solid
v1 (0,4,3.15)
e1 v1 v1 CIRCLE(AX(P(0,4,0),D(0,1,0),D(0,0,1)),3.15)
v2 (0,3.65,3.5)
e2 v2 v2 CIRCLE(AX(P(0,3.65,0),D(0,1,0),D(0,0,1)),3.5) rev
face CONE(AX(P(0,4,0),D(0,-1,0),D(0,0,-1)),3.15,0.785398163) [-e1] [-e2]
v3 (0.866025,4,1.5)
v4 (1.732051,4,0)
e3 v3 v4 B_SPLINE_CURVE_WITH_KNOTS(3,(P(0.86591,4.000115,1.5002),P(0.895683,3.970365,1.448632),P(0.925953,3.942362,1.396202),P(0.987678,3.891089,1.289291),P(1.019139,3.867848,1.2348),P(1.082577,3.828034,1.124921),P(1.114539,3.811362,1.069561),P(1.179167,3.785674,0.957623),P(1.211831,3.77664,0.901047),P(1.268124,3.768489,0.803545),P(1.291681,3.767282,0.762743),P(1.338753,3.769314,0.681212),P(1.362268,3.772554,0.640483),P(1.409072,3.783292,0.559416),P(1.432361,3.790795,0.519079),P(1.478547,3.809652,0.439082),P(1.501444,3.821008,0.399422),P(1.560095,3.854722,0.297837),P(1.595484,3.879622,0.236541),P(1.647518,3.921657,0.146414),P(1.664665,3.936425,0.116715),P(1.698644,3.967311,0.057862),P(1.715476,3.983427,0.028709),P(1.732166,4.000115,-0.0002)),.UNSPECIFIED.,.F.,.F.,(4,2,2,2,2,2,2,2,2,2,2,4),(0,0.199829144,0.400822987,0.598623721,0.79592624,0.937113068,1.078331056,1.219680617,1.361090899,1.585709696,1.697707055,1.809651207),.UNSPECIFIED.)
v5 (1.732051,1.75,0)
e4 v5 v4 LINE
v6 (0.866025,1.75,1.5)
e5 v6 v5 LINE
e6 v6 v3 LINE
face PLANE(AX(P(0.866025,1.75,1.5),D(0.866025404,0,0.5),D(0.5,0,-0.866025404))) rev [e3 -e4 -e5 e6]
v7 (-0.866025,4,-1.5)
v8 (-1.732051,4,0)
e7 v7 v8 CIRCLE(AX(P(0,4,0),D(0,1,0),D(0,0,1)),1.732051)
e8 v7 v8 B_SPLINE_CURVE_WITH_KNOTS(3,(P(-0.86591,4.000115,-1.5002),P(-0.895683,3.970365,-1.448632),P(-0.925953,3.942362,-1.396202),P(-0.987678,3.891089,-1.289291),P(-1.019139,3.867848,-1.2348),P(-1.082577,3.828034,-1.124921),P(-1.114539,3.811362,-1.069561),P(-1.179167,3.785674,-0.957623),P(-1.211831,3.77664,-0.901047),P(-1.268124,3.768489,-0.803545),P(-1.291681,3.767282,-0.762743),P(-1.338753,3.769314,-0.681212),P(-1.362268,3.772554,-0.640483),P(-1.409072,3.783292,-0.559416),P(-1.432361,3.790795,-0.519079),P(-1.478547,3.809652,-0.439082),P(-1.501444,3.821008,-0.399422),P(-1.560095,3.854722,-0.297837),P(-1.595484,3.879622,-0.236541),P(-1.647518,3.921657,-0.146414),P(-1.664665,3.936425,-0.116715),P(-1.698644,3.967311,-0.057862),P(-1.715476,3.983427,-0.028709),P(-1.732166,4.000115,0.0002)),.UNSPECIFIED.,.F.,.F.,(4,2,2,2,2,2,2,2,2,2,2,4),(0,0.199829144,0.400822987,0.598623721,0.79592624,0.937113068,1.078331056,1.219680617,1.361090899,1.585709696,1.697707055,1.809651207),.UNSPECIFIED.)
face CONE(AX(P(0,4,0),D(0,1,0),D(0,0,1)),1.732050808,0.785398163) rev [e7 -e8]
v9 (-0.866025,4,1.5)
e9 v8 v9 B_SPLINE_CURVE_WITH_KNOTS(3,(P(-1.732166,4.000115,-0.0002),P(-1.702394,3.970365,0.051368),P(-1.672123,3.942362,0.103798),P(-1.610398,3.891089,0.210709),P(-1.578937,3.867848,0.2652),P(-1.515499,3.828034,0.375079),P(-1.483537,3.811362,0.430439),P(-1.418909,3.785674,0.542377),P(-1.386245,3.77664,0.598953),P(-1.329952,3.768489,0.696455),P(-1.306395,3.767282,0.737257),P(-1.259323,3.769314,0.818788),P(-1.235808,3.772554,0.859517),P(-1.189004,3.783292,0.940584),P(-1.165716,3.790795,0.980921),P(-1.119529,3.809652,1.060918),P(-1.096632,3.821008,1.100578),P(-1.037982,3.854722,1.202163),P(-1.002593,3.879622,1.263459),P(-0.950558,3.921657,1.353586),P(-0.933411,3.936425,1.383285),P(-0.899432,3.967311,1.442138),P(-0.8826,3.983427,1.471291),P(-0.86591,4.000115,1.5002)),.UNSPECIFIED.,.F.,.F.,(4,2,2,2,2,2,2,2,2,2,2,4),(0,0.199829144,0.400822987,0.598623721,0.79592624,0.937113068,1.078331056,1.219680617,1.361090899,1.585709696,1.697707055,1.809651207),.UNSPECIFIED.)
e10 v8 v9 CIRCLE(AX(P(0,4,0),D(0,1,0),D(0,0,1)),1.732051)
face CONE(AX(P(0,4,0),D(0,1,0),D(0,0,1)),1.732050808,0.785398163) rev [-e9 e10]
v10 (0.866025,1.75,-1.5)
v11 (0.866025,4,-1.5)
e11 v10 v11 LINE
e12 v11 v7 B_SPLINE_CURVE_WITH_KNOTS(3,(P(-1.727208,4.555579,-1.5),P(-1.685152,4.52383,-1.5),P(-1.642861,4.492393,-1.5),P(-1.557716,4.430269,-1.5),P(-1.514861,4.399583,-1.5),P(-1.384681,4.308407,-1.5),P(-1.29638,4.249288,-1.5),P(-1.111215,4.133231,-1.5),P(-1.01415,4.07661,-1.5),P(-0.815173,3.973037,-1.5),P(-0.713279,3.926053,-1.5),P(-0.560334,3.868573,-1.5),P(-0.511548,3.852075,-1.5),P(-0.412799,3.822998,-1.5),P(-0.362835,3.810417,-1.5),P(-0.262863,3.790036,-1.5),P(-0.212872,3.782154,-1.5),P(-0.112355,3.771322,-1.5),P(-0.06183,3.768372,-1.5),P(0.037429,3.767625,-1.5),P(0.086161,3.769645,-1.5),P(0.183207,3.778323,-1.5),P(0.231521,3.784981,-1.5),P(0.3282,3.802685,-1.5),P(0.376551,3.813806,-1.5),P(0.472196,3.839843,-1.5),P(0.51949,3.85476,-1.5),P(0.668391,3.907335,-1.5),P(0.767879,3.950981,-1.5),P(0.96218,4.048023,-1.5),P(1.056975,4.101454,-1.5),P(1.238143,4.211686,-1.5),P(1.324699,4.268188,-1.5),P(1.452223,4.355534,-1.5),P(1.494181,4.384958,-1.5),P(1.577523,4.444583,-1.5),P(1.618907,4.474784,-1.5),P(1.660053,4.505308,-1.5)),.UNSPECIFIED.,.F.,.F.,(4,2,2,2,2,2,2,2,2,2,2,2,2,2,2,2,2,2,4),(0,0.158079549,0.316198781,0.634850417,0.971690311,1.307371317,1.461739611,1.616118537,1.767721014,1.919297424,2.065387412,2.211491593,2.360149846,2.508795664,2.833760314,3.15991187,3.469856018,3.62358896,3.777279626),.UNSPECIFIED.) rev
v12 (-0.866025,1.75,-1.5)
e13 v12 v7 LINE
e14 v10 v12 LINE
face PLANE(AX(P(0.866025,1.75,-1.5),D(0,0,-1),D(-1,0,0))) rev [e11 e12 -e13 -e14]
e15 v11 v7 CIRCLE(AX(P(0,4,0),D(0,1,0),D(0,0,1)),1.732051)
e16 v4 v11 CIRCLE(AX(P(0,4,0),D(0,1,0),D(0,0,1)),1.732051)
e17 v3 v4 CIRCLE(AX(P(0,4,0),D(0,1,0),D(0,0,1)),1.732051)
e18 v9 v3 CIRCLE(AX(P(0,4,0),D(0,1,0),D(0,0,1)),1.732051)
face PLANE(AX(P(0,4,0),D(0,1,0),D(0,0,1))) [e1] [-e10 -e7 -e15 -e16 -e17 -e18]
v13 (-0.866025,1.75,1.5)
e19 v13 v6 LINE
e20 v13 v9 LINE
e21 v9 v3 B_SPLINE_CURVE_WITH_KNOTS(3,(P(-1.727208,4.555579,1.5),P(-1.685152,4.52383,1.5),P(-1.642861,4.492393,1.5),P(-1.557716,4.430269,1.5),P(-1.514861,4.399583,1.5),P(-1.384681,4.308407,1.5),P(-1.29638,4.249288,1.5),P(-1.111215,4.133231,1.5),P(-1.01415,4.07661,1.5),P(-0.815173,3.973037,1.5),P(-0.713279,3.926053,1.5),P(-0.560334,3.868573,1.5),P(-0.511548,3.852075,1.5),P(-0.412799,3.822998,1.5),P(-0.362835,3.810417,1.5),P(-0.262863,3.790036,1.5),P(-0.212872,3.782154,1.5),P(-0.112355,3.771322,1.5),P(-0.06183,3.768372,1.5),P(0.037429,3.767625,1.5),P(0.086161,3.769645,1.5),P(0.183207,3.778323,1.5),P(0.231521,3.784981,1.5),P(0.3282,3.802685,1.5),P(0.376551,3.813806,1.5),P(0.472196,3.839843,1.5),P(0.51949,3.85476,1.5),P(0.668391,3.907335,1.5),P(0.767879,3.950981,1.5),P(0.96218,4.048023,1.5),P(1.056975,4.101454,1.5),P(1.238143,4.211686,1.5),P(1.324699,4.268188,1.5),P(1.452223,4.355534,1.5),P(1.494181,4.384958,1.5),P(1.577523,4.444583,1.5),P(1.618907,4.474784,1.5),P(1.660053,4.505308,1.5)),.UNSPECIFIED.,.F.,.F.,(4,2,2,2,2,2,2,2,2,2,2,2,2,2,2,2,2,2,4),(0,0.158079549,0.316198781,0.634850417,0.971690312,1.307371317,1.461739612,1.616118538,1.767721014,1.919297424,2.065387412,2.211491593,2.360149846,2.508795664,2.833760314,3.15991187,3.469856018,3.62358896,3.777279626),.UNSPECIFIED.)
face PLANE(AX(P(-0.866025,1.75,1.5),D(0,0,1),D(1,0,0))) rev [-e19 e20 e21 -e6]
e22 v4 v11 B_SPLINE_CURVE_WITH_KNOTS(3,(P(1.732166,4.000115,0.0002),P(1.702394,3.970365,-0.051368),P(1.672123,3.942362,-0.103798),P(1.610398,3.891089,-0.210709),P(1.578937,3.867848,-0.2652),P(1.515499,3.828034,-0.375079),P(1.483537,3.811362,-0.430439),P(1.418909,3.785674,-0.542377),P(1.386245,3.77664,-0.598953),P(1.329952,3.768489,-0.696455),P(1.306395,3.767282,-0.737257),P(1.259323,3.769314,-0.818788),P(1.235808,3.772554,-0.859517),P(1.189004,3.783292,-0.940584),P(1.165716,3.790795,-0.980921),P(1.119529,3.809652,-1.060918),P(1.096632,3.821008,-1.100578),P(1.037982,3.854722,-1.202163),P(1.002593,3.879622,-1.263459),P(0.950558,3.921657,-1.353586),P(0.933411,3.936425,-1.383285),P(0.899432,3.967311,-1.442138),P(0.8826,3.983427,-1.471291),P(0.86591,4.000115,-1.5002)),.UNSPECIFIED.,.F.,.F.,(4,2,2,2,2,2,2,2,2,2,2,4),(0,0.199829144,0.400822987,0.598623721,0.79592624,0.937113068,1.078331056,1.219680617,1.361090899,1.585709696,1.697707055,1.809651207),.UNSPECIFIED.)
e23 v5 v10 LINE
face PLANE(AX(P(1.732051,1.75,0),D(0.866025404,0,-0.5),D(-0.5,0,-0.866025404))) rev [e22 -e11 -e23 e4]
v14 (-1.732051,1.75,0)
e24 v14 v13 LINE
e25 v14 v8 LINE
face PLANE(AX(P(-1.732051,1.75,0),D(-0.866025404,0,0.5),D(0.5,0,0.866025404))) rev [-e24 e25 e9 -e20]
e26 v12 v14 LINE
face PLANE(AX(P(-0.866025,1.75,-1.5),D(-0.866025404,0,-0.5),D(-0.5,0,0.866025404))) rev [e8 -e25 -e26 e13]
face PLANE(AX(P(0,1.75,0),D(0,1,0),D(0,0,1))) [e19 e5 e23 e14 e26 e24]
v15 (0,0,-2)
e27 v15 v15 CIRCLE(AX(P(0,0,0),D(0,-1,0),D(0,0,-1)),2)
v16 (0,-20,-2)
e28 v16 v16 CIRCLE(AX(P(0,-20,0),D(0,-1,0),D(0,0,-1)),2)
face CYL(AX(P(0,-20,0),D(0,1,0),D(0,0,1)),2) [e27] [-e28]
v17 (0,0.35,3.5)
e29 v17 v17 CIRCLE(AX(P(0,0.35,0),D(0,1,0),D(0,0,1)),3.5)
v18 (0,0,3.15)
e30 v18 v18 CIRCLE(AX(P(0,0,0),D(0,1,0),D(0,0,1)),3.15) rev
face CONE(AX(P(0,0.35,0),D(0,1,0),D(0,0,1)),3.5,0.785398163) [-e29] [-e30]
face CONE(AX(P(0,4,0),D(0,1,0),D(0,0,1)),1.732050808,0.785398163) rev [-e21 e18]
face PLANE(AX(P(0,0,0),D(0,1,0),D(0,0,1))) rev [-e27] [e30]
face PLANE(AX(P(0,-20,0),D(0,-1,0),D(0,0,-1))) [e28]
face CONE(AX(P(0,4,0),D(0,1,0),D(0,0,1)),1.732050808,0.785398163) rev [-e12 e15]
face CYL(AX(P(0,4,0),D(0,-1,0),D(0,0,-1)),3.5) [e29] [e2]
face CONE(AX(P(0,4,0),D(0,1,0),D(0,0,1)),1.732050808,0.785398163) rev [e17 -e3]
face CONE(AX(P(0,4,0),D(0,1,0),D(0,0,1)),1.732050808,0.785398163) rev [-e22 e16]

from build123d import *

# Parameters (mm, degrees)
SKETCH1_R           = 3.5
BOSS_EXTRUDE1_DEPTH = 4
CUT_EXTRUDE1_DEPTH  = 2.25
CHAMFER1_SIZE       = 0.35
SKETCH_1_R          = 2
EXTRUDE_1_DEPTH     = 20


with BuildPart() as part:
    # Sketch1 → Boss-Extrude1 (new body)
    with BuildSketch(Plane(origin=(0, 0, 0), x_dir=(1, 0, 0), z_dir=(0, 1, 0))):
        with Locations(Location((0, 0, 0), (0, 0, 270))):
            Circle(SKETCH1_R)
    extrude(amount=BOSS_EXTRUDE1_DEPTH)

    # Sketch2 → Cut-Extrude1 (cut)
    with BuildSketch(Plane(origin=(0, 4, 0), x_dir=(1, 0, 0), z_dir=(0, 1, 0))):
        Polygon((0.866025404, 1.5), (-0.866025404, 1.5), (-1.732050808, 0), (-0.866025404, -1.5), (0.866025404, -1.5), (1.732050808, 0), align=None)
    extrude(amount=-CUT_EXTRUDE1_DEPTH, mode=Mode.SUBTRACT)

    # Cut-Extrude2 cone 1 section (through the dimple's axis) → Cut-Extrude2 (revolve, cut)
    with BuildSketch(Plane(origin=(0, 4, 0), x_dir=(0, 0, 1), z_dir=(1, 0, 0))):
        Polygon((0, 0), (1.732050808, 0), (0, 1.732050808), align=None)
    revolve(axis=Axis((0, 4, 0), (0, -1, 0)), mode=Mode.SUBTRACT)

    # Chamfer1
    chamfer1_edges = [part.edges().sort_by_distance(p)[0] for p in [
        (0, 0, -3.5),
        (0, 4, -3.5),
    ]]
    chamfer(chamfer1_edges, length=CHAMFER1_SIZE)

    # 草图1 → 凸台-拉伸1 (add)
    with BuildSketch(Plane(origin=(0, 0, 0), x_dir=(-1, 0, 0), z_dir=(0, -1, 0))):
        with Locations(Location((0, 0, 0), (0, 0, 90))):
            Circle(SKETCH_1_R)
    extrude(amount=EXTRUDE_1_DEPTH)


solid = part.part
